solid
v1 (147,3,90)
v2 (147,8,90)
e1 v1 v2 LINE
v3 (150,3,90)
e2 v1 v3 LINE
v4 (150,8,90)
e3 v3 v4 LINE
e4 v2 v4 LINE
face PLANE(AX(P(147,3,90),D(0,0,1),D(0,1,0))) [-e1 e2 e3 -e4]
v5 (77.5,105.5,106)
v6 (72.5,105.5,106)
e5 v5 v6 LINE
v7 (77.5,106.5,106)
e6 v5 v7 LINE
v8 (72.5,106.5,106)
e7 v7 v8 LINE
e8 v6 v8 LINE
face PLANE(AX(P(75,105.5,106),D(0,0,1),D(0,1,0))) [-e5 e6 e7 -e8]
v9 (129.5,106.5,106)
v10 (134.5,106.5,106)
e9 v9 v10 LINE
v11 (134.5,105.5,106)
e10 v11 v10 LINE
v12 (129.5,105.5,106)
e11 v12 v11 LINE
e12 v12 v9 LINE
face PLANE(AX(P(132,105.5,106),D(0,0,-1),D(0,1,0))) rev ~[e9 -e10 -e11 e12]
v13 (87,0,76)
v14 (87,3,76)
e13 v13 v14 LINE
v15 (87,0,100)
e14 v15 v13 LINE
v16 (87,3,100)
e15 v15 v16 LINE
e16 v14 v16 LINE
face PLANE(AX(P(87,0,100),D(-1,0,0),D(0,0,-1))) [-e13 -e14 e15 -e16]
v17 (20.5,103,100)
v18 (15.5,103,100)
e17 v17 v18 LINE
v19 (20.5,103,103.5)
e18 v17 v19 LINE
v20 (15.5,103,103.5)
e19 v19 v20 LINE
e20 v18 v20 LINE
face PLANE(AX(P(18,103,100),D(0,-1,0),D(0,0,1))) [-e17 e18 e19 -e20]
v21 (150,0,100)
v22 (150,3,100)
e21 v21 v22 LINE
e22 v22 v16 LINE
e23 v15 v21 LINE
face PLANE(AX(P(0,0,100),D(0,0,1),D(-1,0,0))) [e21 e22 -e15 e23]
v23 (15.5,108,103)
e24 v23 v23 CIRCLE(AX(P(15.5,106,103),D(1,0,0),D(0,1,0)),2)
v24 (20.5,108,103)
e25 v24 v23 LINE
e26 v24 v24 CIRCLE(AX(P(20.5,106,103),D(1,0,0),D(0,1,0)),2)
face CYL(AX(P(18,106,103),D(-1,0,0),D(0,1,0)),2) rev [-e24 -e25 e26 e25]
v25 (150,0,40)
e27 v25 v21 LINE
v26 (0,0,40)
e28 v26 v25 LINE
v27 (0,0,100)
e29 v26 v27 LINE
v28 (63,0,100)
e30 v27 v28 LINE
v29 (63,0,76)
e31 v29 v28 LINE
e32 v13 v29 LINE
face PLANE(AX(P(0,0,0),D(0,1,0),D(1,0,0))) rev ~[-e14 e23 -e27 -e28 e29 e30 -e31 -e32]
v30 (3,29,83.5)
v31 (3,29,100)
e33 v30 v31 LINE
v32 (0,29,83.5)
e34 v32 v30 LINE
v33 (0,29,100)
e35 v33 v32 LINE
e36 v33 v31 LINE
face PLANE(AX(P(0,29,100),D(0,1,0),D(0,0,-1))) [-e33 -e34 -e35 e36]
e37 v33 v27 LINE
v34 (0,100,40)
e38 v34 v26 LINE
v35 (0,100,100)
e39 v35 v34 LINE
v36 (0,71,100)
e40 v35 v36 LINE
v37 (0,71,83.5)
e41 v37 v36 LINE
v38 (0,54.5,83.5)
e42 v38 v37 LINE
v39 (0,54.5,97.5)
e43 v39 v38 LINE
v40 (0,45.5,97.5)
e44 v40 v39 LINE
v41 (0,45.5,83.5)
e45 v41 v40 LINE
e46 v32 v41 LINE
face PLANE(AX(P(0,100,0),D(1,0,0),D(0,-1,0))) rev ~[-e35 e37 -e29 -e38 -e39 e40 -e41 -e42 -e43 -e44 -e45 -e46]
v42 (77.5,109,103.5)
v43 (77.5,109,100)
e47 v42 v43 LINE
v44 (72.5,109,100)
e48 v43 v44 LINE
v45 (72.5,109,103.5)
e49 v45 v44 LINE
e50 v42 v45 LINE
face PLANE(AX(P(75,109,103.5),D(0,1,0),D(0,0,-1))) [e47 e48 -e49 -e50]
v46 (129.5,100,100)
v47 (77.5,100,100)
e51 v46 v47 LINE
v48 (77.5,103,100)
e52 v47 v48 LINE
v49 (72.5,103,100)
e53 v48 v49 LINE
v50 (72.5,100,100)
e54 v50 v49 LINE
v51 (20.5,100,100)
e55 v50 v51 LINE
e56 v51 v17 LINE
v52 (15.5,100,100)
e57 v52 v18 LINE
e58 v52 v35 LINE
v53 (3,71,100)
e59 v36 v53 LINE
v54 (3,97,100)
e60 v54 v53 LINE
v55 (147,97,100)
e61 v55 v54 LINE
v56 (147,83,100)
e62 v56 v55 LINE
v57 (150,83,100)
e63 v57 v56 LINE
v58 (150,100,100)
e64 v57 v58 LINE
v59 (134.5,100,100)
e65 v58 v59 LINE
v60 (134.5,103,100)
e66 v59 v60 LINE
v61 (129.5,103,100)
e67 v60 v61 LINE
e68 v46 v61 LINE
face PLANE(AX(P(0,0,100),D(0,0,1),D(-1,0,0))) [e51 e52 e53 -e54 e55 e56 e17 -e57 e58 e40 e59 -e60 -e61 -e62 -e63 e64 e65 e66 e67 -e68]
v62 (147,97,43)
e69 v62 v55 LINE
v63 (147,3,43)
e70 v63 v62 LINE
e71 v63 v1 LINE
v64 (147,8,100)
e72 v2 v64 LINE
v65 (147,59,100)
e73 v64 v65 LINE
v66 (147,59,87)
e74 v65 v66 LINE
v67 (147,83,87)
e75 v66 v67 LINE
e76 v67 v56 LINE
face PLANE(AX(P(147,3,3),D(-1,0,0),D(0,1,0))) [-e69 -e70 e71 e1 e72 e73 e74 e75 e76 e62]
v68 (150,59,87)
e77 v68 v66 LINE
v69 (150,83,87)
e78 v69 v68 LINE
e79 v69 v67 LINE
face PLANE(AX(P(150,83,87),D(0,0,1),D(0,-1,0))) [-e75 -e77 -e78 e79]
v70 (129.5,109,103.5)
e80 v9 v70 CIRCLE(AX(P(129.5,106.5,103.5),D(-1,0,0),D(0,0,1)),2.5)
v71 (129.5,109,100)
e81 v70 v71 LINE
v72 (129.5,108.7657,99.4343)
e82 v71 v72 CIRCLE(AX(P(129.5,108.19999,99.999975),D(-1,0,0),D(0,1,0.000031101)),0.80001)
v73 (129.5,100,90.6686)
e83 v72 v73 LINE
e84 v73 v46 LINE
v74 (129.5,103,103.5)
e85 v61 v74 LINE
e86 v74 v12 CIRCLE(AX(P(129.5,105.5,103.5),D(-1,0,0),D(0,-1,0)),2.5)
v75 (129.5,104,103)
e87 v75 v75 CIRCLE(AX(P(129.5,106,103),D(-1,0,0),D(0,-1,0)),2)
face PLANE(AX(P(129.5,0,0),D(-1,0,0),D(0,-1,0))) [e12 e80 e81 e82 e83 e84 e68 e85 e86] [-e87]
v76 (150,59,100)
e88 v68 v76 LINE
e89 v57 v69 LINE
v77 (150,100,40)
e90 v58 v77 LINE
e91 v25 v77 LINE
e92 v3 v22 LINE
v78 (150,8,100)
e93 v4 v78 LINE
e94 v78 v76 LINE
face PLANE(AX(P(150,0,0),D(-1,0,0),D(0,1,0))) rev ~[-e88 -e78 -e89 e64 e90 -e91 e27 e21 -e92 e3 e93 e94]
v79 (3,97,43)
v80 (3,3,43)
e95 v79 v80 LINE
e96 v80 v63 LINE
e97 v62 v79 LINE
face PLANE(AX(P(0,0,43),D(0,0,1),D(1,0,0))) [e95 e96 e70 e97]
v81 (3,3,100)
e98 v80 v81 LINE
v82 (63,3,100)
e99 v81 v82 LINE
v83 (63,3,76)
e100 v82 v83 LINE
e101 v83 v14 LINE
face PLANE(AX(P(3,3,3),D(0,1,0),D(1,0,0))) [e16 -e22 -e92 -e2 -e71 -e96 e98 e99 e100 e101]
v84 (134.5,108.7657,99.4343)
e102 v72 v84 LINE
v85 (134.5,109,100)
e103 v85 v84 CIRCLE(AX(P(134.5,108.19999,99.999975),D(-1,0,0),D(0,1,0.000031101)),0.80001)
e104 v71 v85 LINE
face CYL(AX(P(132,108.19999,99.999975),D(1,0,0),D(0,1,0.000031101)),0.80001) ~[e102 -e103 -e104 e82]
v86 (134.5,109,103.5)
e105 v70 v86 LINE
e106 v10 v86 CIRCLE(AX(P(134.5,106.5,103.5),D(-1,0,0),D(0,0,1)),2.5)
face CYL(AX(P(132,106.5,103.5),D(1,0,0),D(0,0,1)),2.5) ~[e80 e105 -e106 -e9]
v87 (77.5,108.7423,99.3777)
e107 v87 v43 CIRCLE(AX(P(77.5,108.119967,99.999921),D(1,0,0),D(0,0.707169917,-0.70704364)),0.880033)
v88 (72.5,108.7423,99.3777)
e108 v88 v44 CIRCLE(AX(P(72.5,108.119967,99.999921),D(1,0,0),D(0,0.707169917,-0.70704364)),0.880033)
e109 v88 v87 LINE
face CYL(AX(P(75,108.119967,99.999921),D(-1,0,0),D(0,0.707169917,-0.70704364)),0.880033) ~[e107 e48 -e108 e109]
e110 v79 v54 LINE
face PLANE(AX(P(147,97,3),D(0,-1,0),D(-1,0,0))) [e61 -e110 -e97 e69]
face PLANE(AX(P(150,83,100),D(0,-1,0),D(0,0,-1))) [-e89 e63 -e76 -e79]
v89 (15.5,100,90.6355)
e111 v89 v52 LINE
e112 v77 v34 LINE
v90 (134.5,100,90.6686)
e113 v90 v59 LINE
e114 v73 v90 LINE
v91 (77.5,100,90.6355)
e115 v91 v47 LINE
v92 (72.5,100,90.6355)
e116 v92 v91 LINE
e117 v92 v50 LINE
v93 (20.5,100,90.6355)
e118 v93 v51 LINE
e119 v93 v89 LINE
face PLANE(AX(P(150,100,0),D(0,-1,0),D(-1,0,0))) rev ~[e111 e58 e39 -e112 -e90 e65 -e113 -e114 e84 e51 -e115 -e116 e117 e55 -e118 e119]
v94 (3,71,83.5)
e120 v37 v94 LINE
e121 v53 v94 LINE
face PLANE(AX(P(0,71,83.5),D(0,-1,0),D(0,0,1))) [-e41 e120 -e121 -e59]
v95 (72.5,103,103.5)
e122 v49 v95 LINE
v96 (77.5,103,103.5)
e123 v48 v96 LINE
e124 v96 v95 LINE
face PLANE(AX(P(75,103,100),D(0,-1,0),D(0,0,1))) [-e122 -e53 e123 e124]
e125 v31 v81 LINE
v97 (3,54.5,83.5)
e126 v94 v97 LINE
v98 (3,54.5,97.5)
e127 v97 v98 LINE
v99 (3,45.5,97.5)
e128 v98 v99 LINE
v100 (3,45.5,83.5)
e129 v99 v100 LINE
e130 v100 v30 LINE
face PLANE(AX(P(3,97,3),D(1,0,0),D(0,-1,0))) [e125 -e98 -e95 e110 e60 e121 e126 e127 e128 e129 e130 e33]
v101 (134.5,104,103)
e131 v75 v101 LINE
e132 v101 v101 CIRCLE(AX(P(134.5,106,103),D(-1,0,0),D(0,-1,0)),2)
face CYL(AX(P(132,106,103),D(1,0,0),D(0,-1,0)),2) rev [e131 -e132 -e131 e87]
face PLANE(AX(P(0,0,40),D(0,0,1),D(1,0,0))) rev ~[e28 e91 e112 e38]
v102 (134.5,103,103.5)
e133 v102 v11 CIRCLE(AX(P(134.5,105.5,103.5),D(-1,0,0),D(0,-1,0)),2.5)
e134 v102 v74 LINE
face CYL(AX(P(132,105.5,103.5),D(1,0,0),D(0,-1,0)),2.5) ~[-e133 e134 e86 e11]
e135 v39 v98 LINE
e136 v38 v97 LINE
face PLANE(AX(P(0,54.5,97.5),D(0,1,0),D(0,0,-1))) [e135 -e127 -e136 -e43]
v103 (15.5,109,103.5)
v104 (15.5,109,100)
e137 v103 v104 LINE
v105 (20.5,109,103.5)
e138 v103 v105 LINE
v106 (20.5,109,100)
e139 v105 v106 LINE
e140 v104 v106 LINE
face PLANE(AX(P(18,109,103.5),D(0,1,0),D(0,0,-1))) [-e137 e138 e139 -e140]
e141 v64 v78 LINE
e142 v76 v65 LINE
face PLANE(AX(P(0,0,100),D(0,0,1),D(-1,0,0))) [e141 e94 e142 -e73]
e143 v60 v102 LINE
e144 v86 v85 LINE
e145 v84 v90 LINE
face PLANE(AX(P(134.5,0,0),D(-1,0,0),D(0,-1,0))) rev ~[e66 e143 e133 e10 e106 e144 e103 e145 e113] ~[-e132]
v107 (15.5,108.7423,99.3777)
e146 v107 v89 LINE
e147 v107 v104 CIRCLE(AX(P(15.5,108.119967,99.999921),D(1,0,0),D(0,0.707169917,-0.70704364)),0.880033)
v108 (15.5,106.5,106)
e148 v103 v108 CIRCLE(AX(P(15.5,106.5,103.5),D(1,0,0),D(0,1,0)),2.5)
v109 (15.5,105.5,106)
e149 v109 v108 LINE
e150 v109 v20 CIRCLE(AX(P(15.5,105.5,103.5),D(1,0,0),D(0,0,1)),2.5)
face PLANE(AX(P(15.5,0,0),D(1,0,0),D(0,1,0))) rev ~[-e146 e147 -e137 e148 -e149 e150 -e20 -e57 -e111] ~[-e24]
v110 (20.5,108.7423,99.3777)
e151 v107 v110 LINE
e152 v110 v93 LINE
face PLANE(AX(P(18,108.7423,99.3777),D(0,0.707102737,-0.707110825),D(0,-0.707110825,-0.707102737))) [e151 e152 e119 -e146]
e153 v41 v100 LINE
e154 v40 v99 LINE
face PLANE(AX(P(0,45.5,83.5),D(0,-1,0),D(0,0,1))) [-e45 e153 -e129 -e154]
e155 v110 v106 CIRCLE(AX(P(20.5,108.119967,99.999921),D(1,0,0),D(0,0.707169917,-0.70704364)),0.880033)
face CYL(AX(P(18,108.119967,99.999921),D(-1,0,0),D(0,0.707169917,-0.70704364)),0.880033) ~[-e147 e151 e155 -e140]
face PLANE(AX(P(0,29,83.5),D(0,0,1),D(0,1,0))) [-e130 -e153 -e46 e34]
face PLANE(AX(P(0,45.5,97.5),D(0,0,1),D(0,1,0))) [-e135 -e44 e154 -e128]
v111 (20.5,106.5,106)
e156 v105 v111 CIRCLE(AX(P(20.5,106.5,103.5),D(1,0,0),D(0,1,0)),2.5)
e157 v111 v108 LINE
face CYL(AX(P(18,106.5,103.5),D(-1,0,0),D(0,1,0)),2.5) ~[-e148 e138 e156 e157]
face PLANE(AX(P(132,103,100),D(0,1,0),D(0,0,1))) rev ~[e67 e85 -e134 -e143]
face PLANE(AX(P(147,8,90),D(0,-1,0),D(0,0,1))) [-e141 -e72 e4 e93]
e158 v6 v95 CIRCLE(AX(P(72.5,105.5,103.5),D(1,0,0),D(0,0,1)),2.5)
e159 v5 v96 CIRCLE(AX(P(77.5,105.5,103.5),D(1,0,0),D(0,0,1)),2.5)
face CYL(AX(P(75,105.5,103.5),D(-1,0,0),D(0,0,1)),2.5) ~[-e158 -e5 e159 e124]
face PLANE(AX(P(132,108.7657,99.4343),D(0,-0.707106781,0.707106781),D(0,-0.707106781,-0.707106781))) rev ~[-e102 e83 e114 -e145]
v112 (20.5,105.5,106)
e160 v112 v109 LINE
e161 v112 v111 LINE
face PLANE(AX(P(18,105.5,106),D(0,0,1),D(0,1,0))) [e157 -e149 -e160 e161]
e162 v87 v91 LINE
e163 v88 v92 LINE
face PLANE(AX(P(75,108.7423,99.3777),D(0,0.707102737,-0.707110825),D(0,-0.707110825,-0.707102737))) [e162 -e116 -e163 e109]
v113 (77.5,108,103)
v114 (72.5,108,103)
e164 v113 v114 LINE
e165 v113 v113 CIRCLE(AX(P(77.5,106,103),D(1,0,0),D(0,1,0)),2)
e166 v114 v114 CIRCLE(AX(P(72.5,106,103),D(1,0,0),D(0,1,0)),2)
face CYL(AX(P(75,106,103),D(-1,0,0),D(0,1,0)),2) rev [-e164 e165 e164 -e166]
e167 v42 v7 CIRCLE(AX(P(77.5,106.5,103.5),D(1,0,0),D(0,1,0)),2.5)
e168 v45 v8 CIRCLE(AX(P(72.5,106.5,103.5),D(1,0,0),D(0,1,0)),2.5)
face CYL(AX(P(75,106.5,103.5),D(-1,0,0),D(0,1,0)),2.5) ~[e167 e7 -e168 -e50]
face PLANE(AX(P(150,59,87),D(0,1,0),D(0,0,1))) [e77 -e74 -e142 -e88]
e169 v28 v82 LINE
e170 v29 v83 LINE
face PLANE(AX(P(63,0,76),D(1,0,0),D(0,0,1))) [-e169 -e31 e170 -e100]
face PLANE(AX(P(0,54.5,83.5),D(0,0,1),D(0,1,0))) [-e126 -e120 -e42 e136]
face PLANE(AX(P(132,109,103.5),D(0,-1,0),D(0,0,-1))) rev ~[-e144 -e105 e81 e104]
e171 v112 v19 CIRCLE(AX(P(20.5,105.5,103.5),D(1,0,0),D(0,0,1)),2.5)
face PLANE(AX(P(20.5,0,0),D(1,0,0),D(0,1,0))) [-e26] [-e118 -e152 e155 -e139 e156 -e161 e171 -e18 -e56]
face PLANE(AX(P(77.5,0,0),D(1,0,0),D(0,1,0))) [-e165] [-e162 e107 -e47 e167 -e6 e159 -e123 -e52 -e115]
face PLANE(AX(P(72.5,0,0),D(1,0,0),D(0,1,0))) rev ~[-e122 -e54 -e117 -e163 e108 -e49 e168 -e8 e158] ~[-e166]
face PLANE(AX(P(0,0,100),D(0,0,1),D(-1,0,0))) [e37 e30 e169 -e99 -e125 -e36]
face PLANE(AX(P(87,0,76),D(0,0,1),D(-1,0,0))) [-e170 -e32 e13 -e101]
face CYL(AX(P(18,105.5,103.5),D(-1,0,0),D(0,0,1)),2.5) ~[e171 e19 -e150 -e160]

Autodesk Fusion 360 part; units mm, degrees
sketch "草图1" plane through (75, 0, 0) normal (1, 0, 0) x (0, 1, 0)
  line L0 (100, 100) -> (103, 100)
  line L1 (103, 100) -> (103, 103.5)
  line L2 (105.5, 106) -> (106.5, 106)
  line L3 (109, 103.5) -> (109, 100)
  line L4 (108.7423, 99.3777) -> (100, 90.6355)
  circle A0 centre (106, 103) radius 2
  line L5 (100, 0) -> (100, 100)
  arc A1 (105.5, 106) -> (103, 103.5) centre (105.5, 103.5) ccw
  arc A2 (109, 103.5) -> (106.5, 106) centre (106.5, 103.5) ccw
  arc A3 (108.7423, 99.3777) -> (109, 100) centre (108.12, 100) ccw
  point P0 (100, 100)
  dimension "d1" = 3
  dimension "d2" = 4
  dimension "d3" = 3
  dimension "d6" = 3
  dimension "d9" = 3
  dimension "d10" = 3
  dimension "d13" = 135
  dimension "d14" = 2.5
  dimension "d15" = 2.5
  dimension "d16" = 0.88
sketch "草图2" plane through (18, 0, 0) normal (1, 0, 0) x (0, 1, 0)
  arc A0 (108.7423, 99.3777) -> (109, 100) centre (108.12, 100) ccw
  arc A1 (105.5, 106) -> (103, 103.5) centre (105.5, 103.5) ccw
  line L0 (105.5, 106) -> (106.5, 106)
  line L1 (100, 100) -> (103, 100)
  arc A2 (109, 103.5) -> (106.5, 106) centre (106.5, 103.5) ccw
  circle A3 centre (106, 103) radius 2
  line L2 (109, 103.5) -> (109, 100)
  line L3 (108.7423, 99.3777) -> (100, 90.6355)
  line L4 (103, 100) -> (103, 103.5)
  line L5 (100, 0) -> (100, 100)
  point P0 (100, 100)
  point P1 (100, 100)
  point P2 (100, 100)
  dimension "d17" = 3
  dimension "d18" = 4
  dimension "d21" = 3
  dimension "d22" = 3
  dimension "d23" = 3
  dimension "d26" = 3
  dimension "d27" = 135
  dimension "d30" = 2.5
  dimension "d31" = 2.5
  dimension "d32" = 0.88
sketch "草图3" plane through (147, 0, 0) normal (-1, 0, 0) x (0, -1, 0)
  line L0 (-59, 100) -> (-59, 87)
  line L1 (-59, 87) -> (-83, 87)
  line L2 (-83, 87) -> (-83, 100)
  line L3 (-83, 100) -> (-97, 100)
  line L4 (-97, 100) -> (-97, 3)
  line L5 (-97, 3) -> (-3, 3)
  line L6 (-3, 3) -> (-3, 100)
  line L7 (-3, 100) -> (-59, 100)
  line L8 (-8, 100) -> (-3, 100)
  line L9 (-3, 100) -> (-3, 90)
  line L10 (-3, 90) -> (-8, 90)
  line L11 (-8, 90) -> (-8, 100)
  dimension "d33" = 5
  dimension "d34" = 10
sketch "草图4" plane through (132, 0, 0) normal (-1, 0, 0) x (0, -1, 0)
  line L0 (-100, 100) -> (-103, 100)
  line L1 (-105.5, 106) -> (-106.5, 106)
  arc A0 (-106.5, 106) -> (-109, 103.5) centre (-106.5, 103.5) ccw
  line L2 (-103, 100) -> (-103, 103.5)
  arc A1 (-103, 103.5) -> (-105.5, 106) centre (-105.5, 103.5) ccw
  circle A2 centre (-106, 103) radius 2
  line L3 (-109, 103.5) -> (-109, 100)
  arc A3 (-109, 100) -> (-108.7657, 99.4343) centre (-108.2, 100) ccw
  line L4 (-108.7657, 99.4343) -> (-100, 90.6686)
  line L5 (-100, 0) -> (-100, 100)
  point P0 (-105.9337, 94.2405)
  point P1 (-105.9337, 94.2405)
  point P2 (-100, 100)
  dimension "d35" = 3.5
  dimension "d36" = 3
  dimension "d37" = 3
  dimension "d38" = 3
  dimension "d39" = 3
  dimension "d42" = 3
  dimension "d43" = 1
  dimension "d44" = 4
  dimension "d45" = 0.8
  dimension "d46" = 135
sketch "草图5" plane through (0, 0, 0) normal (0, -1, 0) x (1, 0, 0)
  line L0 (0, 0) -> (150, 0)
  line L1 (150, 0) -> (150, 100)
  line L2 (150, 100) -> (0, 100)
  line L3 (0, 100) -> (0, 0)
  line L4 (63, 100) -> (87, 100)
  line L5 (87, 100) -> (87, 76)
  line L6 (87, 76) -> (63, 76)
  line L7 (63, 76) -> (63, 100)
  dimension "d47" = 24
  dimension "d48" = 24
sketch "草图6" plane through (0, 0, 0) normal (-1, 0, 0) x (0, -1, 0)
  line L0 (-100, 0) -> (0, 0)
  line L1 (0, 0) -> (0, 100)
  line L2 (0, 100) -> (-100, 100)
  line L3 (-100, 100) -> (-100, 0)
  line L4 (-71, 100) -> (-54.5, 100)
  line L5 (-54.5, 100) -> (-54.5, 83.5)
  line L6 (-54.5, 83.5) -> (-71, 83.5)
  line L7 (-71, 83.5) -> (-71, 100)
  line L8 (-45.5, 100) -> (-29, 100)
  line L9 (-29, 100) -> (-29, 83.5)
  line L10 (-29, 83.5) -> (-45.5, 83.5)
  line L11 (-45.5, 83.5) -> (-45.5, 100)
  line L12 (-54.5, 100) -> (-45.5, 100) construction
  line L13 (-54.5, 100) -> (-45.5, 100)
  line L14 (-45.5, 100) -> (-45.5, 97.5)
  line L15 (-45.5, 97.5) -> (-54.5, 97.5)
  line L16 (-54.5, 97.5) -> (-54.5, 100)
  dimension "d49" = 16.5
  dimension "d50" = 16.5
  dimension "d51" = 16.5
  dimension "d52" = 16.5
  dimension "d53" = 9
  dimension "d56" = 14
sketch "草图7" plane through (0, 0, 3) normal (0, 0, 1) x (-1, 0, 0)
  line L0 (0, -100) -> (0, 0)
  line L1 (0, 0) -> (-150, 0)
  line L2 (-150, 0) -> (-150, -100)
  line L3 (-150, -100) -> (0, -100)
  line L4 (-3, -3) -> (-147, -3)
  line L5 (-147, -3) -> (-147, -97)
  line L6 (-147, -97) -> (-3, -97)
  line L7 (-3, -97) -> (-3, -3)
  dimension "d57" = -3
sketch "草图8" plane through (150, 0, 0) normal (1, 0, 0) x (0, 1, 0)
  line L0 (0, 0) -> (100, 0)
  line L1 (100, 0) -> (100, 100)
  line L2 (100, 100) -> (0, 100)
  line L3 (0, 100) -> (0, 0)
  line L4 (59, 100) -> (83, 100)
  line L5 (83, 100) -> (83, 87)
  line L6 (83, 87) -> (59, 87)
  line L7 (59, 87) -> (59, 100)
  dimension "d58" = 24
  dimension "d59" = 13
  dimension "d60" = 17
sketch "草图9" plane through (0, 0, 0) normal (0, 0, 1) x (1, 0, 0)
  line L0 (0, 0) -> (150, 0)
  line L1 (150, 0) -> (150, 100)
  line L2 (150, 100) -> (0, 100)
  line L3 (0, 100) -> (0, 0)
  dimension "d61" = 150
  dimension "d62" = 100
extrude "拉伸1" add sketch "草图9" along normal blind 3
extrude "拉伸2" add sketch "草图7" along normal blind 97
extrude "拉伸3" cut sketch "草图5" against normal blind 25 contours L2 L4 L5 L6 L7
extrude "拉伸4" cut sketch "草图6" against normal blind 10 contours L2 L4 L5 L6 L7 L16 | L2 L8 L9 L10 L11 L14 | L2 L5 L11 L13 L14 L15 L16
extrude "拉伸5" cut sketch "草图8" against normal blind 20 contours L2 L4 L5 L6 L7
extrude "拉伸6" cut sketch "草图3" against normal blind 10 contours L6 L7 L8 L9 L10 L11
extrude "拉伸7" add sketch "草图1" along normal mid plane 5
extrude "拉伸8" add sketch "草图2" along normal mid plane 5
extrude "拉伸9" add sketch "草图4" along normal mid plane 5
extrude "拉伸10" add 1 faces at (51, 65.6667, 3) along direction (0, 0, 1) blind 40
extrude "拉伸11" cut 1 faces at (50, 66.6667, 0) along direction (0, 0, 1) blind 40
equation "d7 = 100 mm - 3 mm"
